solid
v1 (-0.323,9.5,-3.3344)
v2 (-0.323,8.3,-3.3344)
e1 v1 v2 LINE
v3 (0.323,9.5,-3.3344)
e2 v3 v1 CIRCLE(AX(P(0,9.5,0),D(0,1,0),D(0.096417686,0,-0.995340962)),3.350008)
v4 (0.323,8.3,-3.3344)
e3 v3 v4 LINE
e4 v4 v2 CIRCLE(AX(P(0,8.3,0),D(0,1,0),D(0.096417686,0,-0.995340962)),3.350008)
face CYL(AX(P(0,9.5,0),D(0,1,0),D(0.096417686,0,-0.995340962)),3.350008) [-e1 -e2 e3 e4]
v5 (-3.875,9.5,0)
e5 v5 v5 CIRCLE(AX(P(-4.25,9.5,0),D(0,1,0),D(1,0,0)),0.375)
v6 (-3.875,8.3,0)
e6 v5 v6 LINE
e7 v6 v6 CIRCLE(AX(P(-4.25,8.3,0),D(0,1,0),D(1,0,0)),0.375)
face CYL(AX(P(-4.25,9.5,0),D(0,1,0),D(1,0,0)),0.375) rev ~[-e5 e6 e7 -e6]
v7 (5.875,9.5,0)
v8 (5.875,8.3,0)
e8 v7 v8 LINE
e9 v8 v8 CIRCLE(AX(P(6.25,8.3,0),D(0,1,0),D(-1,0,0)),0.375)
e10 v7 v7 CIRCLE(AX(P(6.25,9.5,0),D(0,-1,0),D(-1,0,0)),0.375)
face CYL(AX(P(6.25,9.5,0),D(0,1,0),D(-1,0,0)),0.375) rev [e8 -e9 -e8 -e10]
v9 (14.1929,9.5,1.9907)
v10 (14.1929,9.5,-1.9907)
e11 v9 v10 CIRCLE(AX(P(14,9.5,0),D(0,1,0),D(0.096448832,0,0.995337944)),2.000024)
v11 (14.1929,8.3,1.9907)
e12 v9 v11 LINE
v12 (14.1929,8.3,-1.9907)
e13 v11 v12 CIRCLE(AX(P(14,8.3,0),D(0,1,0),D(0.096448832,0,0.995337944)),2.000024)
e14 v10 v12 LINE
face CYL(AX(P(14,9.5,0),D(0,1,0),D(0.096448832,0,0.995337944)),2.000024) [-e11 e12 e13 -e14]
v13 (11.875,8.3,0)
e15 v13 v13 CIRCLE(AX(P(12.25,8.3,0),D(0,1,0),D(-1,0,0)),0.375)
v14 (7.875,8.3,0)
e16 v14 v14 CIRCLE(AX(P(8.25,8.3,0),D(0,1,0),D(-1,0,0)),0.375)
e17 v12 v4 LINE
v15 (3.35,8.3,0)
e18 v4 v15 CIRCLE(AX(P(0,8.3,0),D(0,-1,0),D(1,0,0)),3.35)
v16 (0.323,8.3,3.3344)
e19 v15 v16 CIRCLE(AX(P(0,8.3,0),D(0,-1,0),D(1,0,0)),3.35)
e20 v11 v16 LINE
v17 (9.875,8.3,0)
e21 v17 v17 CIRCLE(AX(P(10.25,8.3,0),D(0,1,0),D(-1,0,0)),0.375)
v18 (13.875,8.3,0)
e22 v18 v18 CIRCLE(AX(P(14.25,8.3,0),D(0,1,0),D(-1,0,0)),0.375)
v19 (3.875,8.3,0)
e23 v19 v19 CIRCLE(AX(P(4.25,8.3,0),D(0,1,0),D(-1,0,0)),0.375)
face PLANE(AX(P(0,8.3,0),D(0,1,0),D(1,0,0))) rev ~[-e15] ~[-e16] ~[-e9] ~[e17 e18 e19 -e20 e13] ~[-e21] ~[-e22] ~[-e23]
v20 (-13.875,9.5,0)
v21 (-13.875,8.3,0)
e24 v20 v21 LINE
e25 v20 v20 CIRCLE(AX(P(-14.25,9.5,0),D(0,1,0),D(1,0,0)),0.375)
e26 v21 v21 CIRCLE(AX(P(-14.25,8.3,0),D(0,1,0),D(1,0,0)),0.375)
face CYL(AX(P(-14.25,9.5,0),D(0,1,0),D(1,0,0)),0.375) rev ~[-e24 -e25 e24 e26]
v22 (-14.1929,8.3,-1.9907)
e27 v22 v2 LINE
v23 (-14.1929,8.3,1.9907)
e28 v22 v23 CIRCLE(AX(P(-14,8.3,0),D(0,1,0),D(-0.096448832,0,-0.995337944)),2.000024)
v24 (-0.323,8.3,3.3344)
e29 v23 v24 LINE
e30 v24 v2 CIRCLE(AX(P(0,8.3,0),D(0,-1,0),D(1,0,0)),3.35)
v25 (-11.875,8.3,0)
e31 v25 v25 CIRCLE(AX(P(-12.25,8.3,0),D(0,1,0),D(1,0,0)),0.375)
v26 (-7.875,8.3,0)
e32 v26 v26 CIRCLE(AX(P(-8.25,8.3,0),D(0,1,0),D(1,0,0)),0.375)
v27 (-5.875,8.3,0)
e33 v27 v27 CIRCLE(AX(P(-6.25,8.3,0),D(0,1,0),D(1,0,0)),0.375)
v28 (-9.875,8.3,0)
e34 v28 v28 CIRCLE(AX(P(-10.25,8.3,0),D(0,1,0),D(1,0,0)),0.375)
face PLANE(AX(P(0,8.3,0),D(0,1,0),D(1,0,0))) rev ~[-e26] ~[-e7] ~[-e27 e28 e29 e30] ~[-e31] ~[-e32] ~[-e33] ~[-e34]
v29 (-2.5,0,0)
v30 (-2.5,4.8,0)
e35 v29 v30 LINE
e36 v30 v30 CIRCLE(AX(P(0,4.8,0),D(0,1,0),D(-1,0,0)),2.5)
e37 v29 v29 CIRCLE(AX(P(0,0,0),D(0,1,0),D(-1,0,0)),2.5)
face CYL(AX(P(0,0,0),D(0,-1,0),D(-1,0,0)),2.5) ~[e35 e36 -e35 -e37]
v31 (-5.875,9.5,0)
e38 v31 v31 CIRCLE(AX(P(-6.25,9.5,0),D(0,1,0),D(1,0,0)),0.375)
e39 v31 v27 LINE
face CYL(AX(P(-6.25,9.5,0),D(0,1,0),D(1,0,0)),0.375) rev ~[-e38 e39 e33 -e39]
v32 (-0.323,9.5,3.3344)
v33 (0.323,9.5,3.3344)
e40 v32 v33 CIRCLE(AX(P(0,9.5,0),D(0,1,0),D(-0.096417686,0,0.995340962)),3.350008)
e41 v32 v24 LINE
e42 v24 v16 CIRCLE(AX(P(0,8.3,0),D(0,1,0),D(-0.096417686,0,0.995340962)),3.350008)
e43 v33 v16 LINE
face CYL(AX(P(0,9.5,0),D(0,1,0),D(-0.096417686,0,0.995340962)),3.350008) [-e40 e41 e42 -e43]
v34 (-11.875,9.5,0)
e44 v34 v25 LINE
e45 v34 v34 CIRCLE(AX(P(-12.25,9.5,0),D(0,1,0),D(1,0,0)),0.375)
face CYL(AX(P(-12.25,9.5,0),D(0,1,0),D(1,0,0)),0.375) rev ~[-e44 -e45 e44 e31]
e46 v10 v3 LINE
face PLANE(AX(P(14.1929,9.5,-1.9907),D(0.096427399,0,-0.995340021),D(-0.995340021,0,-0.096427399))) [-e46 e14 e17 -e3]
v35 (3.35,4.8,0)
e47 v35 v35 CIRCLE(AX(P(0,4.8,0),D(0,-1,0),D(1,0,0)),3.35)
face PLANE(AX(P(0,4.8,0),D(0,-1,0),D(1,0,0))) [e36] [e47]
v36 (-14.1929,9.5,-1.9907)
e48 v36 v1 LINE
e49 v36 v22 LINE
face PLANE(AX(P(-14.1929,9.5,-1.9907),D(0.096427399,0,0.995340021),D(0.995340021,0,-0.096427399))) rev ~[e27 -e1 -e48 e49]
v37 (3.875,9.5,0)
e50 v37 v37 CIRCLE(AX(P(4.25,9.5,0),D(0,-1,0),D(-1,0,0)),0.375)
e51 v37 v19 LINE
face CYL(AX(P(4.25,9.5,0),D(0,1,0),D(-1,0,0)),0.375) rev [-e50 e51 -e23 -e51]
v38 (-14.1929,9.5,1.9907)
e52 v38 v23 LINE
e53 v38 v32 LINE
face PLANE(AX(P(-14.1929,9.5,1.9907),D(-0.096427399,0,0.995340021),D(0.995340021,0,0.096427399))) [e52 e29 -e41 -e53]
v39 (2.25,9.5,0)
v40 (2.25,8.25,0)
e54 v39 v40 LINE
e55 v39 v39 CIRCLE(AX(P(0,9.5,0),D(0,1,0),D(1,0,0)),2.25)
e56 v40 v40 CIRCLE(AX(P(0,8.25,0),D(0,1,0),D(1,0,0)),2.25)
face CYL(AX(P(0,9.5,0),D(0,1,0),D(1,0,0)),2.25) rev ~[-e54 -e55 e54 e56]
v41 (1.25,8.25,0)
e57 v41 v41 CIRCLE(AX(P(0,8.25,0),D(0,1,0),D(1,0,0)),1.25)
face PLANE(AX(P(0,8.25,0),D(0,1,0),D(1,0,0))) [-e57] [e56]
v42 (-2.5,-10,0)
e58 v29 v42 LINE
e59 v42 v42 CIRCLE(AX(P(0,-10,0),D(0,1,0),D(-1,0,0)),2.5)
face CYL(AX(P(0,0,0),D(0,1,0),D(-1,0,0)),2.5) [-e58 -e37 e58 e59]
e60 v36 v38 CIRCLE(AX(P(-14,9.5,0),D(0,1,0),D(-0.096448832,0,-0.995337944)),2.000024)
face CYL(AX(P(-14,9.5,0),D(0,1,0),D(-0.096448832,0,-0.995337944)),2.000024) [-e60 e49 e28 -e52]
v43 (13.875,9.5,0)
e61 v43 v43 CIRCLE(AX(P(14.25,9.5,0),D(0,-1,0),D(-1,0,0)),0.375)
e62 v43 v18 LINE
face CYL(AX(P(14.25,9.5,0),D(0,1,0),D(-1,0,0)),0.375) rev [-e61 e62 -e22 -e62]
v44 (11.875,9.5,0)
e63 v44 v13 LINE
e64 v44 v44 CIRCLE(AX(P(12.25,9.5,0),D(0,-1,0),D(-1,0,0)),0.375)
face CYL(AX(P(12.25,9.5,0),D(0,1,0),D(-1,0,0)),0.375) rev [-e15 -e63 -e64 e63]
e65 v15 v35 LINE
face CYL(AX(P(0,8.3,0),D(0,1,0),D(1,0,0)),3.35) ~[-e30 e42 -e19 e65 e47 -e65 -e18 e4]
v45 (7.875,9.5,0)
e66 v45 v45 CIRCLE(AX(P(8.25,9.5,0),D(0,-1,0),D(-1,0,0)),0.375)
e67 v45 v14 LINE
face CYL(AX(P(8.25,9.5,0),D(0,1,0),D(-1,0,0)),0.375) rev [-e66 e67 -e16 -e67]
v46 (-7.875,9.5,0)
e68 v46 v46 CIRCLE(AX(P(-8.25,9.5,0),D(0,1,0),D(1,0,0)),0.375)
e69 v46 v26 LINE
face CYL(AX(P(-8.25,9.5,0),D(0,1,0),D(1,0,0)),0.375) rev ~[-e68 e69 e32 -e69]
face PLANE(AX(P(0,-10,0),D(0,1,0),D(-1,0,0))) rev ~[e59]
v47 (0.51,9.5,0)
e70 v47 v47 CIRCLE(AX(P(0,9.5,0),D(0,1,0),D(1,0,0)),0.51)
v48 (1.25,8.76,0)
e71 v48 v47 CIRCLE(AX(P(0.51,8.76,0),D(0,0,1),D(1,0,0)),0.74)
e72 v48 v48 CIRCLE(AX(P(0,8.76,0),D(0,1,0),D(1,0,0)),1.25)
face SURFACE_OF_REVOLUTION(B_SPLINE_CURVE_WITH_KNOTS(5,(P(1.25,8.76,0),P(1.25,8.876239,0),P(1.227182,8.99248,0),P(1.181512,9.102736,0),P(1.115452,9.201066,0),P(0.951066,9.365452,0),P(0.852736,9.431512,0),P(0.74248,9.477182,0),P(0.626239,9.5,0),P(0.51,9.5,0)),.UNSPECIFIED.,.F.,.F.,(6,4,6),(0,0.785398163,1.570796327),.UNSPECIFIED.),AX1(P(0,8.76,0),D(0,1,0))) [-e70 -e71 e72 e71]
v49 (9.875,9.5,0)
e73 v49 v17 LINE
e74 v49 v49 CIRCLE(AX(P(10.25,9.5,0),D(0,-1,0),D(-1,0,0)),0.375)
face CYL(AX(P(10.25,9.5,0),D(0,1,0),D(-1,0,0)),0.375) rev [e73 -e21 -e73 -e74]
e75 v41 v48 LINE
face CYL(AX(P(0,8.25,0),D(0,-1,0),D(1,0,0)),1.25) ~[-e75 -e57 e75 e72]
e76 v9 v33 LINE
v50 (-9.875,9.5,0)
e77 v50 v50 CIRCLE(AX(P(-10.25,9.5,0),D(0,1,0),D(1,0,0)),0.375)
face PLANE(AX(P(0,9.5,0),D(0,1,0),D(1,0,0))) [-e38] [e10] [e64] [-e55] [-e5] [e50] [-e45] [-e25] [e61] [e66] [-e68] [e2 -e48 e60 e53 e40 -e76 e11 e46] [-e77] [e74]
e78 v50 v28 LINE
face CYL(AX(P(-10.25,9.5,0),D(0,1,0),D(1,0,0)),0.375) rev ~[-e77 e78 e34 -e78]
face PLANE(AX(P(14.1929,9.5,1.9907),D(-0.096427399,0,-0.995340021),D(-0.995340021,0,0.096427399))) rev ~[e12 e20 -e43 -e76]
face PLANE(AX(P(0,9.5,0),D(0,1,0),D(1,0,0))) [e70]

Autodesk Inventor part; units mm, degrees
ref_plane "YZ Plane" through (0, 0, 0) normal (1, 0, 0) x (0, 1, 0)
ref_plane "XZ Plane" through (0, 0, 0) normal (0, 1, 0) x (-1, 0, 0)
ref_plane "XY Plane" through (0, 0, 0) normal (0, 0, 1) x (1, 0, 0)
sketch "Sketch1" plane through (0, 0, 0) normal (0, 1, 0) x (-1, 0, 0)
  circle A0 centre (0, 0) radius 2.5
  dimension "d0" = 5
extrude "Extrusion1" add sketch "Sketch1" along normal blind 9.5 and the other way blind 10
sketch "Sketch2" plane through (0, 9.5, 0) normal (0, 1, 0) x (1, 0, 0)
  line L0 (0, 0) -> (-16, 0) construction
  line L1 (0, 0) -> (0, 3.35) construction
  arc A0 (-14.1929, 1.9907) -> (-14.1929, -1.9907) centre (-14, 0) ccw
  line L2 (-14.1929, -1.9907) -> (-0.323, -3.3344)
  line L3 (-14.1929, 1.9907) -> (-0.323, 3.3344)
  arc A1 (14.1929, -1.9907) -> (14.1929, 1.9907) centre (14, 0) ccw
  line L4 (14.1929, -1.9907) -> (0.323, -3.3344)
  line L5 (14.1929, 1.9907) -> (0.323, 3.3344)
  circle A2 centre (0, 0) radius 2.5
  arc A3 (-0.323, -3.3344) -> (0.323, -3.3344) centre (0, 0) ccw
  arc A4 (0.323, 3.3344) -> (-0.323, 3.3344) centre (0, 0) ccw
  dimension "d5" = 16
  dimension "d7" = 4
  dimension "d8" = 2
  dimension "d11" = 0.85
extrude "Extrusion2" add sketch "Sketch2" against normal blind 1.2
sketch "Sketch3" plane through (0, 8.3, 0) normal (0, -1, 0) x (1, 0, 0)
  circle A0 centre (0, 0) radius 2.5 projected
  circle A1 centre (0, 0) radius 3.35
extrude "Extrusion3" add sketch "Sketch3" along normal blind 3.5
sketch "Sketch4" plane through (0, 9.5, 0) normal (0, 1, 0) x (1, 0, 0)
  circle A0 centre (0, 0) radius 2.25
  dimension "d16" = 4.5
extrude "Extrusion4" cut sketch "Sketch4" against normal blind 1.25
sketch "Sketch5" plane through (0, 8.25, 0) normal (0, 1, 0) x (1, 0, 0)
  circle A0 centre (0, 0) radius 1.25
  dimension "d19" = 2.5
extrude "Extrusion5" add sketch "Sketch5" along normal blind 1.25
fillet "Fillet1" radius 0.74 1 edges at (-1.25, 9.5, 0)
sketch "Sketch6" plane through (0, 9.5, 0) normal (0, 1, 0) x (1, 0, 0)
  circle A0 centre (-4.25, 0) radius 0.375
  line L0 (0, 0) -> (-16, 0) construction
  arc A1 (-14.1929, 1.9907) -> (-14.1929, -1.9907) centre (-14, 0) ccw construction
  circle A2 centre (-6.25, 0) radius 0.375
  circle A3 centre (-8.25, 0) radius 0.375
  circle A4 centre (-10.25, 0) radius 0.375
  circle A5 centre (-12.25, 0) radius 0.375
  circle A6 centre (-14.25, 0) radius 0.375
  dimension "d23" = 0.75
  dimension "d24" = 4.25
  dimension "d27" = 2
extrude "Extrusion6" cut sketch "Sketch6" against normal blind 2.8375
mirror "Mirror1" about plane through (0, 0, 0) normal (1, 0, 0) of "Extrusion6"
properties part number "Servo shaft and horn"
